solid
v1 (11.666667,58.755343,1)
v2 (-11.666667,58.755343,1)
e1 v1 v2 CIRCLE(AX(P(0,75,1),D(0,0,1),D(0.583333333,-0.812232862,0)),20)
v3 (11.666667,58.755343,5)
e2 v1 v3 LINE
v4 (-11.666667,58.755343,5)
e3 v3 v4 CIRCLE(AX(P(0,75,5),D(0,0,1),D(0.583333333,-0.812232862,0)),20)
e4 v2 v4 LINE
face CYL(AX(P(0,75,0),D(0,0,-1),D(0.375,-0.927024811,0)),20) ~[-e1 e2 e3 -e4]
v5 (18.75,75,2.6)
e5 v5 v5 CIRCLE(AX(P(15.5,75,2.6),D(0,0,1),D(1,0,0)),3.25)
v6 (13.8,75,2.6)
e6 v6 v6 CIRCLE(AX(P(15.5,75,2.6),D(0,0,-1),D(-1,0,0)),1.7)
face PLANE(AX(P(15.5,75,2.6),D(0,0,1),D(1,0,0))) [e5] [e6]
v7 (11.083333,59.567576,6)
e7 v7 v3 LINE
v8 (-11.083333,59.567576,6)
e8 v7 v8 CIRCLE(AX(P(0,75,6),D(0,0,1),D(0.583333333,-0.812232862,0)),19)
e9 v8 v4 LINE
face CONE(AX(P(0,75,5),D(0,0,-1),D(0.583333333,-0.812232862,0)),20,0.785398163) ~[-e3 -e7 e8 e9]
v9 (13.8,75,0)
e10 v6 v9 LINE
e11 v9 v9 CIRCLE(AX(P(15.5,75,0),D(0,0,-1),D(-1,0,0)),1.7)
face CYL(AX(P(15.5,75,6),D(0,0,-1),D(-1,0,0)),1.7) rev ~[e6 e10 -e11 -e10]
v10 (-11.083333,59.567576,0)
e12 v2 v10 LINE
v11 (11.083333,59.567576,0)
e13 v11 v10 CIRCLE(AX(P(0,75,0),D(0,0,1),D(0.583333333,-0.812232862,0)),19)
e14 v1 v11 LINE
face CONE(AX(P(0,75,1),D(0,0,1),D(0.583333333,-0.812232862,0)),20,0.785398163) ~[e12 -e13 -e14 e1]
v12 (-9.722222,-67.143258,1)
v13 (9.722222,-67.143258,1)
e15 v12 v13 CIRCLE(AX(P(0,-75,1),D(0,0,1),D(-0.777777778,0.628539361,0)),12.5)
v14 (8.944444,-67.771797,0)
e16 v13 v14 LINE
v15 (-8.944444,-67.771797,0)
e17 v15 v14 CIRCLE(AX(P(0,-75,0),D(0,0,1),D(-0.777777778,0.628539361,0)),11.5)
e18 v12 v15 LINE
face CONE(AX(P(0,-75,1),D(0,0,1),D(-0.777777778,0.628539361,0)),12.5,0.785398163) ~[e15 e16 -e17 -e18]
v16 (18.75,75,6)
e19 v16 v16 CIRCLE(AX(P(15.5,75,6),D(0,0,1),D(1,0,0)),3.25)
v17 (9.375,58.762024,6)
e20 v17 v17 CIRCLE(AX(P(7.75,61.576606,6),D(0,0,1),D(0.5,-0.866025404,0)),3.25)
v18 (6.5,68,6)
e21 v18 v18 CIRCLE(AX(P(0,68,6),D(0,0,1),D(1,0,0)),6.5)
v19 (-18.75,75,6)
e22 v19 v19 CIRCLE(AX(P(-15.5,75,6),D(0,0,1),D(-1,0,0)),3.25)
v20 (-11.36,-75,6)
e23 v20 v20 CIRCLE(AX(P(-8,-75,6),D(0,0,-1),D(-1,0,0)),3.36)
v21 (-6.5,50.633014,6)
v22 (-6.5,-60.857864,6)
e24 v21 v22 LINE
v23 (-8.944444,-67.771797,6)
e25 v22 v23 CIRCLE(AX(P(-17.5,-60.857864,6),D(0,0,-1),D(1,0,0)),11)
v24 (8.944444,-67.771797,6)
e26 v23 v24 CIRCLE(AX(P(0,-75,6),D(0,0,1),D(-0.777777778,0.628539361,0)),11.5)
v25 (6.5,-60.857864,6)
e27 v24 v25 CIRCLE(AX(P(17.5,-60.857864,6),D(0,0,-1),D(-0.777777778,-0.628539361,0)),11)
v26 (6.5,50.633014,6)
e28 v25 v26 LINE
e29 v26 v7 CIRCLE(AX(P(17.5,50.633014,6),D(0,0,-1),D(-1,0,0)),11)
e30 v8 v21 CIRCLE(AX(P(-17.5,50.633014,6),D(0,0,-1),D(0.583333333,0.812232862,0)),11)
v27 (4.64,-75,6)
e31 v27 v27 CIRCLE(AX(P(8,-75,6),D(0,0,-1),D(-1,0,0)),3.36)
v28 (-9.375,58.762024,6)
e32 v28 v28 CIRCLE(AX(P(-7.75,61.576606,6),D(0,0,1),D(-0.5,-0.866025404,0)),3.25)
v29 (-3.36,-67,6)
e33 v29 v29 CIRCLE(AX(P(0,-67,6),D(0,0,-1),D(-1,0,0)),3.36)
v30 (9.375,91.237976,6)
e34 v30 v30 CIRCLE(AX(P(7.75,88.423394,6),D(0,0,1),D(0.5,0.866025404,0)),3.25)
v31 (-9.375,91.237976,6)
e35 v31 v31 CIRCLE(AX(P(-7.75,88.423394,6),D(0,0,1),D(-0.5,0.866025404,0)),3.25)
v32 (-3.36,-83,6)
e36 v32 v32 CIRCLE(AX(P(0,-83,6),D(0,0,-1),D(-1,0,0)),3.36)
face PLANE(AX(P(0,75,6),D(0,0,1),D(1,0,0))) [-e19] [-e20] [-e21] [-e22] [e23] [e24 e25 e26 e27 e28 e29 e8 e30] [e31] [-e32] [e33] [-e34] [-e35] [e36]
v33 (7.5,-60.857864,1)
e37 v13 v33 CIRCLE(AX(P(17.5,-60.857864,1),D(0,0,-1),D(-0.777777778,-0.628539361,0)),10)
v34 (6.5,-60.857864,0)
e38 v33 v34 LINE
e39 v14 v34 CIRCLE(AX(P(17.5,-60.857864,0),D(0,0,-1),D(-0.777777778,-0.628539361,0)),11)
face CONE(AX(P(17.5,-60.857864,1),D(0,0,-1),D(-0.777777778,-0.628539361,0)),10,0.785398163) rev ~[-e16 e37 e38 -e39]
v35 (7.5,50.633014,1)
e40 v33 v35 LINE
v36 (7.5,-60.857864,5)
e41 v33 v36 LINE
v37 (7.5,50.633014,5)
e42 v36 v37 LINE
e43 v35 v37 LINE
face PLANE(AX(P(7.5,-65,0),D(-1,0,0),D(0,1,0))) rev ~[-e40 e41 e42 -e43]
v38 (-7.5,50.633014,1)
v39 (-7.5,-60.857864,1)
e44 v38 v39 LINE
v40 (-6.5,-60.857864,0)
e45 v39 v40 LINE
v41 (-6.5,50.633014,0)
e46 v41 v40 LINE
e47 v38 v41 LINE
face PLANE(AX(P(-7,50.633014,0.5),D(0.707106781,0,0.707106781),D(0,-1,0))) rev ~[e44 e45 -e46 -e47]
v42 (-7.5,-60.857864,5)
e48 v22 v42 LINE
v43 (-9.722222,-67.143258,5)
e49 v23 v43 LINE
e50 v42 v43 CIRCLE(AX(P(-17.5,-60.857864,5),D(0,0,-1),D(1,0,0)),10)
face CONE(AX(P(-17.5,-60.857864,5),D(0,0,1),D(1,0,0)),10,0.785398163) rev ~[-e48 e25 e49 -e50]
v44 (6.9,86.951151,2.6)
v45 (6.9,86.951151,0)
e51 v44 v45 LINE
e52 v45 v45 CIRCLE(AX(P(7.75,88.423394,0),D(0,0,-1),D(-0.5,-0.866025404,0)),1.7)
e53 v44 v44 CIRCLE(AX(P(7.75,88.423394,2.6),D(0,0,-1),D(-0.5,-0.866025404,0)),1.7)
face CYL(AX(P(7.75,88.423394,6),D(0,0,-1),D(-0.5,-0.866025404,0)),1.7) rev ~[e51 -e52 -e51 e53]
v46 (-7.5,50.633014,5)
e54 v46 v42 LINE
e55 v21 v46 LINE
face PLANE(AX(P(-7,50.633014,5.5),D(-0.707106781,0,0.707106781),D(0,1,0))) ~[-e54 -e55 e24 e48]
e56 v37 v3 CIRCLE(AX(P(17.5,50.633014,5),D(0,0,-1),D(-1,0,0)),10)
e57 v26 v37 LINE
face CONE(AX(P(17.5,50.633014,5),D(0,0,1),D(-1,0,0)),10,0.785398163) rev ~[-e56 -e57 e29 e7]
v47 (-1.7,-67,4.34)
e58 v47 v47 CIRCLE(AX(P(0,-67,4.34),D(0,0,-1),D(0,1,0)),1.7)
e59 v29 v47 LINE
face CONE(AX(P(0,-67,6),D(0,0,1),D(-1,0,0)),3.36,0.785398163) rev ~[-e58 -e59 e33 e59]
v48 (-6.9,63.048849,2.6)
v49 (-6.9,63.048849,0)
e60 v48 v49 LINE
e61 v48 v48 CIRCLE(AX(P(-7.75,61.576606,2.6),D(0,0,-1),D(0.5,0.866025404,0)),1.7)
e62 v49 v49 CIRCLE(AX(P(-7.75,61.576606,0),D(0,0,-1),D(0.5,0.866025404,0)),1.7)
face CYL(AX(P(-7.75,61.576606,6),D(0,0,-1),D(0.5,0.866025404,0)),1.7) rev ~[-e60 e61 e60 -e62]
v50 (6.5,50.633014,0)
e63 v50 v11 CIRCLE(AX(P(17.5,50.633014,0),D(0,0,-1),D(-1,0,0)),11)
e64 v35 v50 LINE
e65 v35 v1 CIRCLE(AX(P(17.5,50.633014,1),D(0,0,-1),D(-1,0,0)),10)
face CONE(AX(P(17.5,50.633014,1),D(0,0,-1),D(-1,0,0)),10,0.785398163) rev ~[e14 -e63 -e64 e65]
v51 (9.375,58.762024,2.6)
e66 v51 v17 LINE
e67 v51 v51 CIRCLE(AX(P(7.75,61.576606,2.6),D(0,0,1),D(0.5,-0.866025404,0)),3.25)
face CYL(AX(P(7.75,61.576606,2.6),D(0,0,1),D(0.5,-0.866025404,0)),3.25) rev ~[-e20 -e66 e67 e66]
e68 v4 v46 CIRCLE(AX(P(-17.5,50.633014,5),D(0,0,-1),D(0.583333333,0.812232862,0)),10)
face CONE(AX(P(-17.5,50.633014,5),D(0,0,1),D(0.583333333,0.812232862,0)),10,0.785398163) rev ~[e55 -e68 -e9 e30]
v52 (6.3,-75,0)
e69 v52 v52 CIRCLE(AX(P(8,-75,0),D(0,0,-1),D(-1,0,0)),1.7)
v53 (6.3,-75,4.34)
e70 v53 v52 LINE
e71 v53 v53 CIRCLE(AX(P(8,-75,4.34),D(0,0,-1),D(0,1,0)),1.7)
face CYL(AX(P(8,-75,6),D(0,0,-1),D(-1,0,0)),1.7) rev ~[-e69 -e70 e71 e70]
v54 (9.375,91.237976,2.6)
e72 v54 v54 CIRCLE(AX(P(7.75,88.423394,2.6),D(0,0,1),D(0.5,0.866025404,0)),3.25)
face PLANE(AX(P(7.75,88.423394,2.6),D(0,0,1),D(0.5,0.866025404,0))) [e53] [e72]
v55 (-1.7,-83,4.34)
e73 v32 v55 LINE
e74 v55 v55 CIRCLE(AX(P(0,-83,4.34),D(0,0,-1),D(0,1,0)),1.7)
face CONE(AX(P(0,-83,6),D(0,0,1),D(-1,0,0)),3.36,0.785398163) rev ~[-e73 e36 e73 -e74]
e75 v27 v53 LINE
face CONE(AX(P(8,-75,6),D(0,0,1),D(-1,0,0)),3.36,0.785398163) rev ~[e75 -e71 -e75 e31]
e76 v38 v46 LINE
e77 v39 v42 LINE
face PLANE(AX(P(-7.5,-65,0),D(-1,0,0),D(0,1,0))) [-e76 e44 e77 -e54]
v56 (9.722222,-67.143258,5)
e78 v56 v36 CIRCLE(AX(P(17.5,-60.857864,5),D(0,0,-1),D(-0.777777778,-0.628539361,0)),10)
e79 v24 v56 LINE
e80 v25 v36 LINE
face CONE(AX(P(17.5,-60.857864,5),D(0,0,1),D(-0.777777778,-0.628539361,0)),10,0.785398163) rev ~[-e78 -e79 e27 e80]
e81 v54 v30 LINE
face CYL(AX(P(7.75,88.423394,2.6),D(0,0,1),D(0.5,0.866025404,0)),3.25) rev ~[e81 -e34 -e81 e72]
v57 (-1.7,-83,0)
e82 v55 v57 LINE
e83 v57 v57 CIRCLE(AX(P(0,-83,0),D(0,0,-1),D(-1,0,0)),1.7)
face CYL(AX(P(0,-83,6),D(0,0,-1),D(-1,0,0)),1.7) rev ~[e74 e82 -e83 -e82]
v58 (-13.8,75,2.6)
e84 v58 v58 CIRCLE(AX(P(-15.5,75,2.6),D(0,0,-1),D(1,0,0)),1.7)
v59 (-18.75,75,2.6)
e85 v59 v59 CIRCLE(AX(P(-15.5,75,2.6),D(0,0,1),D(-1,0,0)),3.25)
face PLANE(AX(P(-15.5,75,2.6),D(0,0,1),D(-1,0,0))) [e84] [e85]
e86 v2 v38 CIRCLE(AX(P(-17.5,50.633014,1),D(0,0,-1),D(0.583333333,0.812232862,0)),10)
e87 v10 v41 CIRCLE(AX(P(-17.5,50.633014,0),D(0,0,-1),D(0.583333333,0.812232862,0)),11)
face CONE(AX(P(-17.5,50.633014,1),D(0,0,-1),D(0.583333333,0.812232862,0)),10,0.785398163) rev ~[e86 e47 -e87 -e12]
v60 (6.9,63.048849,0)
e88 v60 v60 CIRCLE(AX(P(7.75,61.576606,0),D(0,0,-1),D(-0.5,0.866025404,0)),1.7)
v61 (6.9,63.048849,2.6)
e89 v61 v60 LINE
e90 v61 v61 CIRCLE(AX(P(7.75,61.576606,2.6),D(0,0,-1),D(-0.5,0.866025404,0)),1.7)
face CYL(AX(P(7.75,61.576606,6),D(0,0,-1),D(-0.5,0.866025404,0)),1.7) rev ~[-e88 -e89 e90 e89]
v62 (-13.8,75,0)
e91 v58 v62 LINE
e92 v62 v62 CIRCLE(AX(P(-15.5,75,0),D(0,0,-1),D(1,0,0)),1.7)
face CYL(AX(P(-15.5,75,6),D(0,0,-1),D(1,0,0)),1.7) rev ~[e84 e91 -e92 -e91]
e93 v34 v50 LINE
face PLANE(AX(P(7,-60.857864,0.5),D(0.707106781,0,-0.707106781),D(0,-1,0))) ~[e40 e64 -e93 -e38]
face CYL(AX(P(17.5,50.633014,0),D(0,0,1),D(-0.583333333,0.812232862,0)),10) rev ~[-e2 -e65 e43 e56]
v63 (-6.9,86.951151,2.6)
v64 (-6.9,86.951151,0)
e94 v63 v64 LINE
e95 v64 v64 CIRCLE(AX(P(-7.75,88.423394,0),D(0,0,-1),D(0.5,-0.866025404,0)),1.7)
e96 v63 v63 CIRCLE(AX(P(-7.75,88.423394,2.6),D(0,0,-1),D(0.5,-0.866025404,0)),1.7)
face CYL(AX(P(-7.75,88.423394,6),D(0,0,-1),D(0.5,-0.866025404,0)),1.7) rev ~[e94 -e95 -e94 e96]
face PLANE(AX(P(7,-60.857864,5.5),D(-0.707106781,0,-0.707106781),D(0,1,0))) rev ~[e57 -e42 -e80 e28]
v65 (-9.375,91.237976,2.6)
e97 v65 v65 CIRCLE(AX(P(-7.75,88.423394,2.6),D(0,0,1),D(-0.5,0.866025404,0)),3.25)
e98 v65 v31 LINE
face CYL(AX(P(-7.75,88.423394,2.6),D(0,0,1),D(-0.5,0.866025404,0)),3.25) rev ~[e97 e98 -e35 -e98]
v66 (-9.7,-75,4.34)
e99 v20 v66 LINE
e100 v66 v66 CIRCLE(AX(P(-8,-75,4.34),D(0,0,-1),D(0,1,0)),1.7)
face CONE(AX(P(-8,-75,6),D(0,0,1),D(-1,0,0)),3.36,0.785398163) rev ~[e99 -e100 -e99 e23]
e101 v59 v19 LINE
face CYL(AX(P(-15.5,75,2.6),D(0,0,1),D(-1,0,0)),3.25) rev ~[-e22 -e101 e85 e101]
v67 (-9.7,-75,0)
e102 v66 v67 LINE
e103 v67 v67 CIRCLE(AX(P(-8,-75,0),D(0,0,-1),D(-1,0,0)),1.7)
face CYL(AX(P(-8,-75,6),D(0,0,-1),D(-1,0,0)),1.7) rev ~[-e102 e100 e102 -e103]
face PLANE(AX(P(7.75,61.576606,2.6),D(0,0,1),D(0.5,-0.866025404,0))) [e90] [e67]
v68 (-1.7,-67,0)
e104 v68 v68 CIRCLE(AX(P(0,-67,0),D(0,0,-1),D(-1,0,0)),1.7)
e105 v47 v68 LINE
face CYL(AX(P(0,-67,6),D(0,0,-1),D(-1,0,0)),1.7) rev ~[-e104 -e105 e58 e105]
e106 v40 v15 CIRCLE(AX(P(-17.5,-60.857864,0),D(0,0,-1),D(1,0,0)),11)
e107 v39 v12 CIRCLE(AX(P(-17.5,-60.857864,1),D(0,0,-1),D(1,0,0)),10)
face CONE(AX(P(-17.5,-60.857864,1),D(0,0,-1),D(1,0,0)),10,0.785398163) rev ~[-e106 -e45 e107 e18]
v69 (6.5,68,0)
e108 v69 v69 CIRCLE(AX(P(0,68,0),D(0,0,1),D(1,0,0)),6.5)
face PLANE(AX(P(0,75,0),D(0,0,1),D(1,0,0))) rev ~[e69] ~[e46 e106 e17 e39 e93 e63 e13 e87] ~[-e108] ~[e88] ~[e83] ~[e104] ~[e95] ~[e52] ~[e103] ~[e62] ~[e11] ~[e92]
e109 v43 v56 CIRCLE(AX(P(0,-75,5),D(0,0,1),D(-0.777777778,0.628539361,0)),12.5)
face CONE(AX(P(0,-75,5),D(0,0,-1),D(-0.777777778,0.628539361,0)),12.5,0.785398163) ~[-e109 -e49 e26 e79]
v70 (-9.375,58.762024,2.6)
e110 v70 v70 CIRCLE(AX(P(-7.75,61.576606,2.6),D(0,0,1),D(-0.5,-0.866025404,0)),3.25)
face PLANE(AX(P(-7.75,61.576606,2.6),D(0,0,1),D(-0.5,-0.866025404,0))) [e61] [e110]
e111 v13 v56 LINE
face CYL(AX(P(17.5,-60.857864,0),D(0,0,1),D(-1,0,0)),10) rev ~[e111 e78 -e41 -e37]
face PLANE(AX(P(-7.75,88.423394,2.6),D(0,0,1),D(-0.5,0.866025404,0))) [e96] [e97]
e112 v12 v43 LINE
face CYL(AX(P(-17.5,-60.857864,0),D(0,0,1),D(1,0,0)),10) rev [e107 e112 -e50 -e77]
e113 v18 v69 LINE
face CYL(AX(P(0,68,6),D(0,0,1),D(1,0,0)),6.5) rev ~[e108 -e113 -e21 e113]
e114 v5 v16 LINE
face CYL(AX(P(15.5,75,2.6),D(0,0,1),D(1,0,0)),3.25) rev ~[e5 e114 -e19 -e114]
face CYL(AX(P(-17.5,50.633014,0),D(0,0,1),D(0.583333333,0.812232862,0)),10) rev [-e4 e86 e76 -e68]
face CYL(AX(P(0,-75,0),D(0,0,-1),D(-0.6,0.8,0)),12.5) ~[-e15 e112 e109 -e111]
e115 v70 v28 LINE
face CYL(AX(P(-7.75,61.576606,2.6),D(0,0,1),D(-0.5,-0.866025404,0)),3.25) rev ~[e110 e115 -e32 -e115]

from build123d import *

# Parameters (mm, degrees)
SKETCH1_R                                            = 20
SKETCH1_R_2                                          = 12.5
SKETCH1_W                                            = 15
SKETCH1_H                                            = 150
BOSS_EXTRUDE1_DEPTH                                  = 6
SKETCH2_R                                            = 6.5
CUT_EXTRUDE1_DEPTH                                   = 6
FILLET1_R                                            = 10
CBORE_FOR_M3_HEX_SOCKET_HEAD_CAP_SCREW2_D            = 3.4
CBORE_FOR_M3_HEX_SOCKET_HEAD_CAP_SCREW2_CBORE_D      = 6.5
CBORE_FOR_M3_HEX_SOCKET_HEAD_CAP_SCREW2_CBORE_DEPTH  = 3.4
CIRPATTERN1_COUNT                                    = 6
CSK_FOR_M3_HEX_SOCKET_COUNTERSUNK_CAP_SC_D           = 3.4
CSK_FOR_M3_HEX_SOCKET_COUNTERSUNK_CAP_SC_CSINK_D     = 6.72
CSK_FOR_M3_HEX_SOCKET_COUNTERSUNK_CAP_SC_CSINK_ANGLE = 90
CHAMFER1_SIZE                                        = 1


with BuildPart() as part:
    # Sketch1 → Boss-Extrude1 (new body)
    with BuildSketch(Plane.XY):
        with Locations((0, 75)):
            Circle(SKETCH1_R)
        with Locations((0, -75)):
            Circle(SKETCH1_R_2)
        Rectangle(SKETCH1_W, SKETCH1_H)
    extrude(amount=BOSS_EXTRUDE1_DEPTH)

    # Sketch2 → Cut-Extrude1 (cut)
    with BuildSketch(Plane.XY.offset(6)):
        with Locations((0, 68)):
            Circle(SKETCH2_R)
    extrude(amount=-CUT_EXTRUDE1_DEPTH, mode=Mode.SUBTRACT)

    # Fillet1
    fillet1_edges = [part.edges().sort_by_distance(p)[0] for p in [
        (7.5, 56.459503782, 3),
        (7.5, -65, 3),
        (-7.5, -65, 3),
        (-7.5, 56.459503782, 3),
    ]]
    fillet(fillet1_edges, radius=FILLET1_R)

    # CBORE for M3 Hex Socket Head Cap Screw2 (through all)
    with Locations(Plane(origin=(15.5, 75, 6), x_dir=(1, 0, 0), z_dir=(0, 0, 1))):
        with Locations((0, 0)):
            cbore_for_m3_hex_socket_head_cap_screw2 = CounterBoreHole(CBORE_FOR_M3_HEX_SOCKET_HEAD_CAP_SCREW2_D / 2, CBORE_FOR_M3_HEX_SOCKET_HEAD_CAP_SCREW2_CBORE_D / 2, CBORE_FOR_M3_HEX_SOCKET_HEAD_CAP_SCREW2_CBORE_DEPTH)

    # CirPattern1: CBORE for M3 Hex Socket Head Cap Screw2 ×6 about axis
    cirpattern1_axis = Axis((0, 75, 0), (0, 0, 1))
    for i in range(1, CIRPATTERN1_COUNT):
        add(cbore_for_m3_hex_socket_head_cap_screw2.rotate(cirpattern1_axis, i * 360 / CIRPATTERN1_COUNT), mode=Mode.SUBTRACT)

    # CSK for M3 Hex Socket Countersunk Cap Screw1 (through all)
    with Locations(Plane(origin=(0, -67, 6), x_dir=(1, 0, 0), z_dir=(0, 0, 1))):
        with Locations((0, 0), (8, -8), (0, -16), (-8, -8)):
            CounterSinkHole(CSK_FOR_M3_HEX_SOCKET_COUNTERSUNK_CAP_SC_D / 2, CSK_FOR_M3_HEX_SOCKET_COUNTERSUNK_CAP_SC_CSINK_D / 2, counter_sink_angle=CSK_FOR_M3_HEX_SOCKET_COUNTERSUNK_CAP_SC_CSINK_ANGLE)

    # Chamfer1
    chamfer1_edges = [part.edges().sort_by_distance(p)[0] for p in [
        (7.5, -5.112425119, 0),
        (7.5, -5.112425119, 6),
        (0, -87.5, 0),
        (0, -87.5, 6),
        (-7.5, -5.112425119, 0),
        (-7.5, -5.112425119, 6),
        (0, 95, 0),
        (0, 95, 6),
        (8.071909584, -64.19119771, 0),
        (8.071909584, -64.19119771, 6),
        (-8.071909584, -64.19119771, 0),
        (-8.071909584, -64.19119771, 6),
        (-8.60243479, 55.197368784, 0),
        (-8.60243479, 55.197368784, 6),
        (8.60243479, 55.197368784, 0),
        (8.60243479, 55.197368784, 6),
    ]]
    chamfer(chamfer1_edges, length=CHAMFER1_SIZE)


solid = part.part
